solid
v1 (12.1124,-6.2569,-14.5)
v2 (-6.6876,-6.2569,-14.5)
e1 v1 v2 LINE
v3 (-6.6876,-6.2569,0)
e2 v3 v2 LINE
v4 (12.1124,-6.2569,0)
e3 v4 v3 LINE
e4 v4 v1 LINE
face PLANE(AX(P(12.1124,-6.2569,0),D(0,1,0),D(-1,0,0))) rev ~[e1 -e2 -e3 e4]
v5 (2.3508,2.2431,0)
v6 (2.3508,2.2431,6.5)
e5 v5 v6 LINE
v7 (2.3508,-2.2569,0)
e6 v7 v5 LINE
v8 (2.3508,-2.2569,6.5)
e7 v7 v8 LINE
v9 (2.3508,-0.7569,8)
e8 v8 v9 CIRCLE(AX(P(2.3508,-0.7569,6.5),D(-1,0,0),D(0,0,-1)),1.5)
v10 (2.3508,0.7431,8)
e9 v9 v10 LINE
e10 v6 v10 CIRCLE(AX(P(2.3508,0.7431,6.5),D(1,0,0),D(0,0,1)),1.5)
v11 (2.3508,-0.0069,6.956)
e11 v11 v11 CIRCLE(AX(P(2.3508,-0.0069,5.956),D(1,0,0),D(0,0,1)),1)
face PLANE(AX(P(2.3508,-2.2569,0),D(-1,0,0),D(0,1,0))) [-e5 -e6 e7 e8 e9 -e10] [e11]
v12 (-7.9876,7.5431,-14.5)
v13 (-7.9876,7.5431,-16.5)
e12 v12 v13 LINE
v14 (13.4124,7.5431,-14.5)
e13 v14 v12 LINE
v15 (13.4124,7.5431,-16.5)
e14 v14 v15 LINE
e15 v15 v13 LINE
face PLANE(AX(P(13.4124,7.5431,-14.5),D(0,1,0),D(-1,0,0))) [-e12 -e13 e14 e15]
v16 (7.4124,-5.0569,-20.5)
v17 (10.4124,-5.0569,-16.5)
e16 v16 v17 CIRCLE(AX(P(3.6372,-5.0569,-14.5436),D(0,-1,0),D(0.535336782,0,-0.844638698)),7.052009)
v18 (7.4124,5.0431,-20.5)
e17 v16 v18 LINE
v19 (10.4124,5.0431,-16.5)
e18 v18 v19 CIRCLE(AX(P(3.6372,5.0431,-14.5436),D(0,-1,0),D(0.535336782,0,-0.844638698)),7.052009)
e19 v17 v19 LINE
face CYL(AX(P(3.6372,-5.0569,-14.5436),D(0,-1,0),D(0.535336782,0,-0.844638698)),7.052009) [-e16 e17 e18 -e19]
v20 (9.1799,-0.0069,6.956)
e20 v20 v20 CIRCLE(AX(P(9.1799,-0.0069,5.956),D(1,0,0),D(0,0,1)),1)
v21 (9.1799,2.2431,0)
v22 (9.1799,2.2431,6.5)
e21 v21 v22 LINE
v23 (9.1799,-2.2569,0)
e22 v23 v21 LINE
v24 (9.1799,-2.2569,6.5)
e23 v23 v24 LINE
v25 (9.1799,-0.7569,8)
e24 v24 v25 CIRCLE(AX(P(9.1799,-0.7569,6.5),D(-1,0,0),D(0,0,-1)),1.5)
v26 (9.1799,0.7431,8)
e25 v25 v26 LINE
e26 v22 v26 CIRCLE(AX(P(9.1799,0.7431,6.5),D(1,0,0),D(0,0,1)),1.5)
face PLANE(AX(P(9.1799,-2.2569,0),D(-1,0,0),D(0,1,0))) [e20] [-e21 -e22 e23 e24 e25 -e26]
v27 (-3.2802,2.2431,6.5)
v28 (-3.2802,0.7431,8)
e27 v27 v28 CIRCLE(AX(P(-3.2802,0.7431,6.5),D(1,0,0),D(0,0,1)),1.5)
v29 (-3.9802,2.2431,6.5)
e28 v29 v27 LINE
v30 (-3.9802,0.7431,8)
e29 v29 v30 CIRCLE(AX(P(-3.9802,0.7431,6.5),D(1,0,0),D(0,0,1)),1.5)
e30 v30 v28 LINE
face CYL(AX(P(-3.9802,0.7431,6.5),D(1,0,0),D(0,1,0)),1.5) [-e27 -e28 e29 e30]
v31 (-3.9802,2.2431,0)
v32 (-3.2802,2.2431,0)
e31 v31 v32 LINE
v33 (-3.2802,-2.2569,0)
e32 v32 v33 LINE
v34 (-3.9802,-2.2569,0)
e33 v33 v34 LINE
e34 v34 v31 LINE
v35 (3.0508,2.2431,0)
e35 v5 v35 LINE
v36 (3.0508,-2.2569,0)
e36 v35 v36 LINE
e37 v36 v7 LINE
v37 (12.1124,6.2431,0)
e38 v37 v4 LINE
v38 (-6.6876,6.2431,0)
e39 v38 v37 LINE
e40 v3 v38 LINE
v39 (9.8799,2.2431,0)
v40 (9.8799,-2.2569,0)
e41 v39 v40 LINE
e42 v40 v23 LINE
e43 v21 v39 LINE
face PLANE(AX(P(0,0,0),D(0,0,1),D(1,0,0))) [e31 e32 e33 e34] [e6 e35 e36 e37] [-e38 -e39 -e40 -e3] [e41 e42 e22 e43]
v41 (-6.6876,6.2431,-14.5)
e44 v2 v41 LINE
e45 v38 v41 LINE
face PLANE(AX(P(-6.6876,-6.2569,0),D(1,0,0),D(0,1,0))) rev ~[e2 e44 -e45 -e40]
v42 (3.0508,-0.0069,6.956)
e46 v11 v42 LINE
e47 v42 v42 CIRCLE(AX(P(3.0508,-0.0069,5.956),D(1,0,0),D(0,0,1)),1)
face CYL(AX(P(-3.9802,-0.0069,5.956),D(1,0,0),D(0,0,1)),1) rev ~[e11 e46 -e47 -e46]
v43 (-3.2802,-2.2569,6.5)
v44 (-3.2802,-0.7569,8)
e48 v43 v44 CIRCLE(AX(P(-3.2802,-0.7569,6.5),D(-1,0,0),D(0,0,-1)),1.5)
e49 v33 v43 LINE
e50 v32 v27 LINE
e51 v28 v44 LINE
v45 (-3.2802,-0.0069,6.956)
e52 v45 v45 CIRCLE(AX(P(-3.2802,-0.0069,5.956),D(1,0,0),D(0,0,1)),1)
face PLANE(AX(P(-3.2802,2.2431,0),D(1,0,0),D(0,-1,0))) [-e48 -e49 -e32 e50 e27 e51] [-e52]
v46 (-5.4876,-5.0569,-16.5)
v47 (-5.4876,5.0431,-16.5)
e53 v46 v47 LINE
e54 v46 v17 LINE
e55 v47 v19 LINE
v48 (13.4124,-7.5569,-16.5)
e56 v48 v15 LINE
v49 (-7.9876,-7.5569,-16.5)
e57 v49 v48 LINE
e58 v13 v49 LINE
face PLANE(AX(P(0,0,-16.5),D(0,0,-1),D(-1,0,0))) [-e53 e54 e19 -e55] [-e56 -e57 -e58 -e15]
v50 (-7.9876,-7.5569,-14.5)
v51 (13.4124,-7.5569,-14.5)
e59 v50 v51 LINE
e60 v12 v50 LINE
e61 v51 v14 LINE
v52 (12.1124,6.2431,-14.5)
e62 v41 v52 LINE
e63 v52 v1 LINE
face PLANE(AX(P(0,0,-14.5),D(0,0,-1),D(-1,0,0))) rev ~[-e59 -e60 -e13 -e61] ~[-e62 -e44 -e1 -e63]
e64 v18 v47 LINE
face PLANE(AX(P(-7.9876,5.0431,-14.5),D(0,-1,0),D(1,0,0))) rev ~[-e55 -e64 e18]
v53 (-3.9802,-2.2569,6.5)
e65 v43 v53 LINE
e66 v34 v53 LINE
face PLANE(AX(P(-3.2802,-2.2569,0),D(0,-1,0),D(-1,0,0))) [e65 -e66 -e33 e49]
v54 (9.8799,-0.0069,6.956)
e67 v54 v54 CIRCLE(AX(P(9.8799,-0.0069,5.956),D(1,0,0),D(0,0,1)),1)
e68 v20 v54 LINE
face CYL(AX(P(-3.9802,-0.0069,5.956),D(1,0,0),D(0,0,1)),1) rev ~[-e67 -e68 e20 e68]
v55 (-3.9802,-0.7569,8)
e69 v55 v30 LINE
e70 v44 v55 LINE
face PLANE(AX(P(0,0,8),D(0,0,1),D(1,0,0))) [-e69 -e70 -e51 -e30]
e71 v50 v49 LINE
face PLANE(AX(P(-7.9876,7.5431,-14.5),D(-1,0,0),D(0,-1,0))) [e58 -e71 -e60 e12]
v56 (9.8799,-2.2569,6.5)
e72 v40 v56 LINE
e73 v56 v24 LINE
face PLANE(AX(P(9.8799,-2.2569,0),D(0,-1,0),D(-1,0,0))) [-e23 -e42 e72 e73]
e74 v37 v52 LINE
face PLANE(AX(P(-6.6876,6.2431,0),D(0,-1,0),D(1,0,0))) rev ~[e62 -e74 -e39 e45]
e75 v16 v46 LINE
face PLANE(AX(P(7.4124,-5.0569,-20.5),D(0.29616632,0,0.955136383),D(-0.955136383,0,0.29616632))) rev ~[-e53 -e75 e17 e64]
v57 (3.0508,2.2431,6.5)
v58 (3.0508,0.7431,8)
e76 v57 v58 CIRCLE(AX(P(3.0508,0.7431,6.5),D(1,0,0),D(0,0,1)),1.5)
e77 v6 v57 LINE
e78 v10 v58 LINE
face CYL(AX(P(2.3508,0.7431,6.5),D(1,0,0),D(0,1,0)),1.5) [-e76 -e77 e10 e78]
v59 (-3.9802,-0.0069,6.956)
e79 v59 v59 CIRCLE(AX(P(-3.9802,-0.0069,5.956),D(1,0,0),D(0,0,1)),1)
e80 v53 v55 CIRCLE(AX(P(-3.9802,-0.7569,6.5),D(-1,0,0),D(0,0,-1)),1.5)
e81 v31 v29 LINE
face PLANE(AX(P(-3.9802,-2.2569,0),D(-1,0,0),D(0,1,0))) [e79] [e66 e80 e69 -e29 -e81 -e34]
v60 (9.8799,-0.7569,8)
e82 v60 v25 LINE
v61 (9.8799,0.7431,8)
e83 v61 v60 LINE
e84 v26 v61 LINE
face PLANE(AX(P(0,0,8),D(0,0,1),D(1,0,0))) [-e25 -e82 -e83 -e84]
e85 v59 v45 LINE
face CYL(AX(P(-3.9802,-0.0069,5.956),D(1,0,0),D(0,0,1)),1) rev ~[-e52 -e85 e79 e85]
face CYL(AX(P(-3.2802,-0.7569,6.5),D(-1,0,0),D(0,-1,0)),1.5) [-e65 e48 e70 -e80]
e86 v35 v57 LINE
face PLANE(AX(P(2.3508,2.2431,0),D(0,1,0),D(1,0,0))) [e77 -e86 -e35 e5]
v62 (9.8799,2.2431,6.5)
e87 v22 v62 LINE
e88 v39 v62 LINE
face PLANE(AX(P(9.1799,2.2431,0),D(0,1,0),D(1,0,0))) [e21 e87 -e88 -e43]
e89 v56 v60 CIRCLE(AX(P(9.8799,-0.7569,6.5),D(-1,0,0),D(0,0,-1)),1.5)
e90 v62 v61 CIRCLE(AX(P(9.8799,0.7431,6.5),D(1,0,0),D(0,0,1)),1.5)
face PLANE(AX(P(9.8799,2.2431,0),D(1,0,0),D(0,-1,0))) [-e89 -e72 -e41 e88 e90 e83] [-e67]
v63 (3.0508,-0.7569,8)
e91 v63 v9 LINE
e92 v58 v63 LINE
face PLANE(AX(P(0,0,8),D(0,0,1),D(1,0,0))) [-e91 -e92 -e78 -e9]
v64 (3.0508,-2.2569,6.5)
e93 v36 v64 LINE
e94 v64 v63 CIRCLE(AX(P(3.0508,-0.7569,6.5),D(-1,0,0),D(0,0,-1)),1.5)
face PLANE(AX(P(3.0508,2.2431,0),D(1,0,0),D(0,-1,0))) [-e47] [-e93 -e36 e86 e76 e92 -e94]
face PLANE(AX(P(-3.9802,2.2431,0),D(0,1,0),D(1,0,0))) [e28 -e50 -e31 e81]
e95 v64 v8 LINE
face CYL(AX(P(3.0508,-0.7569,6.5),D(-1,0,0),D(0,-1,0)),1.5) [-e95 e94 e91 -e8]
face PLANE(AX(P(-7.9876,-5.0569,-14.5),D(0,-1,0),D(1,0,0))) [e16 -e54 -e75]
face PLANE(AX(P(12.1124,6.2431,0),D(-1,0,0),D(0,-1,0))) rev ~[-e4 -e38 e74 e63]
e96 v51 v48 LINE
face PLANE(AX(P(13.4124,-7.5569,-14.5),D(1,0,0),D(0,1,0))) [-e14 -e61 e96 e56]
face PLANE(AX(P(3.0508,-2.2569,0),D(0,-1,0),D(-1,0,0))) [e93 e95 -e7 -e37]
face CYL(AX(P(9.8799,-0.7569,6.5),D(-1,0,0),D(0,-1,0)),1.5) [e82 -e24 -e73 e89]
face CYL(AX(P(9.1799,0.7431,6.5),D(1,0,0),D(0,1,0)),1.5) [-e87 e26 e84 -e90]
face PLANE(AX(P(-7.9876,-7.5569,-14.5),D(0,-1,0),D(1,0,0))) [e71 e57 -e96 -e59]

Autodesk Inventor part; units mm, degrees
ref_plane "YZ Plane" through (0, 0, 0) normal (1, 0, 0) x (0, 1, 0)
ref_plane "XZ Plane" through (0, 0, 0) normal (0, 1, 0) x (-1, 0, 0)
sketch "Szkic1" plane through (0, 0, 0) normal (0, 0, 1) x (1, 0, 0)
  line L0 (-6.6876, 6.2431) -> (12.1124, 6.2431)
  line L1 (12.1124, 6.2431) -> (12.1124, -6.2569)
  line L2 (12.1124, -6.2569) -> (-6.6876, -6.2569)
  line L3 (-6.6876, -6.2569) -> (-6.6876, 6.2431)
  line L4 (-3.9802, 2.2431) -> (-3.2802, 2.2431)
  line L5 (-3.2802, 2.2431) -> (-3.2802, -2.2569)
  line L6 (-3.2802, -2.2569) -> (-3.9802, -2.2569)
  line L7 (-3.9802, -2.2569) -> (-3.9802, 2.2431)
  line L8 (2.3508, 2.2431) -> (3.0508, 2.2431)
  line L9 (3.0508, 2.2431) -> (3.0508, -2.2569)
  line L10 (3.0508, -2.2569) -> (2.3508, -2.2569)
  line L11 (2.3508, -2.2569) -> (2.3508, 2.2431)
  line L12 (9.1799, 2.2431) -> (9.8799, 2.2431)
  line L13 (9.8799, 2.2431) -> (9.8799, -2.2569)
  line L14 (9.8799, -2.2569) -> (9.1799, -2.2569)
  line L15 (9.1799, -2.2569) -> (9.1799, 2.2431)
  point P0 (0, 0)
  dimension "d0" = 18.8
  dimension "d1" = 12.5
  dimension "d2" = 0.7
  dimension "d3" = 4.5
  dimension "d4" = 4
  dimension "d5" = 0.7
  dimension "d6" = 4.5
  dimension "d7" = 0.7
  dimension "d8" = 4.5
extrude "Wyciągnięcie proste1" add sketch "Szkic1" against normal blind 14.5 contours L0 L1 L2 L3 | L4 L5 L6 L7 | L8 L9 L10 L11 | L12 L13 L14 L15
extrude "Wyciągnięcie proste2" add sketch "Szkic1" along normal blind 8 contours L4 L5 L6 L7 | L8 L9 L10 L11 | L12 L13 L14 L15
fillet "Zaokrąglenie1" radius 1.5 6 edges at (-3.6302, 2.2431, 8) (2.7008, 2.2431, 8) (9.5299, 2.2431, 8) (-3.6302, -2.2569, 8) (2.7008, -2.2569, 8) (9.5299, -2.2569, 8)
sketch "Szkic2" plane through (0, 0, -14.5) normal (0, 0, -1) x (-1, 0, 0)
  line L0 (6.6876, 6.2431) -> (-12.1124, 6.2431) projected
  line L1 (-12.1124, 6.2431) -> (-12.1124, -6.2569) projected
  line L2 (-12.1124, -6.2569) -> (6.6876, -6.2569) projected
  line L3 (6.6876, -6.2569) -> (6.6876, 6.2431) projected
  line L4 (-13.4124, 7.5431) -> (7.9876, 7.5431)
  line L5 (7.9876, 7.5431) -> (7.9876, -7.5569)
  line L6 (7.9876, -7.5569) -> (-13.4124, -7.5569)
  line L7 (-13.4124, -7.5569) -> (-13.4124, 7.5431)
  point P0 (0, 0)
  dimension "d14" = 18.8
  dimension "d15" = 1.3
extrude "Wyciągnięcie proste3" add sketch "Szkic2" along normal blind 2 contours L3 L2 L1 L0 | L4 L5 L6 L7
sketch "Szkic3" plane through (-3.9802, -2.2569, 0) normal (-1, 0, 0) x (0, 0, 1)
  line L0 (0, 4.5) -> (6.5, 4.5) projected
  line L1 (0, 0) -> (6.5, 0) projected
  point P0 (0, 2.2569)
  point P1 (5.956, 2.25)
  dimension "d18" = 4.5
  dimension "d19" = 2.25
hole "Otwór1" at (-3.9802, -0.0069, 5.956) direction (1, 0, 0) diameter 2 end through all
ref_plane "Płaszczyzna konstrukcyjna1" through (-7.9876, -5.0569, -14.5) normal (0, -1, 0) x (1, 0, 0)
sketch "Szkic4" plane through (-7.9876, -5.0569, -14.5) normal (0, -1, 0) x (1, 0, 0)
  line L0 (21.4, 0) -> (0, 0) projected
  line L1 (21.4, 0) -> (21.4, -2) projected
  line L2 (0, -2) -> (21.4, -2) projected
  line L3 (0, 0) -> (0, -2) projected
  line L4 (0, -2) -> (21.4, -2) projected
  arc A0 (15.4, -6) -> (18.4, -2) centre (11.6248, -0.0436) ccw
  line L5 (15.4, -6) -> (2.5, -2)
  point P0 (7.9876, 14.5)
  dimension "d28" = 3
  dimension "d29" = 2.5
  dimension "d30" = 4
  dimension "d31" = 6
extrude "Wyciągnięcie proste4" add sketch "Szkic4" against normal blind 10.1 contours A0 L5 L2
sketch "Szkic5" plane through (-5.4876, -5.0569, -16.5) normal (-0.2962, 0, -0.9551) x (-0.9551, 0, 0.2962)
  line L0 (-13.2267, 2.4266) -> (-13.2267, 8.6477) construction
  line L1 (-13.2267, 8.6477) -> (-8.9095, 8.6477) construction
  line L2 (-8.9095, 8.6477) -> (-8.9095, 2.4266) construction
  line L3 (-8.9095, 2.4266) -> (-13.2267, 2.4266) construction
  line L4 (-6.957, 3.6505) -> (-6.957, 6.2802) construction
  line L5 (-6.957, 6.2802) -> (-0.4173, 6.2802) construction
  line L6 (-0.4173, 6.2802) -> (-0.4173, 3.6505) construction
  line L7 (-0.4173, 3.6505) -> (-6.957, 3.6505) construction
equation "\"d4\" = -0.5 * d3 + 0.5 * d1"
equation "\"d19\" = 0.5 * d18"
properties part number "COTS_GENERIC_AC_Power_Switch_5A"
